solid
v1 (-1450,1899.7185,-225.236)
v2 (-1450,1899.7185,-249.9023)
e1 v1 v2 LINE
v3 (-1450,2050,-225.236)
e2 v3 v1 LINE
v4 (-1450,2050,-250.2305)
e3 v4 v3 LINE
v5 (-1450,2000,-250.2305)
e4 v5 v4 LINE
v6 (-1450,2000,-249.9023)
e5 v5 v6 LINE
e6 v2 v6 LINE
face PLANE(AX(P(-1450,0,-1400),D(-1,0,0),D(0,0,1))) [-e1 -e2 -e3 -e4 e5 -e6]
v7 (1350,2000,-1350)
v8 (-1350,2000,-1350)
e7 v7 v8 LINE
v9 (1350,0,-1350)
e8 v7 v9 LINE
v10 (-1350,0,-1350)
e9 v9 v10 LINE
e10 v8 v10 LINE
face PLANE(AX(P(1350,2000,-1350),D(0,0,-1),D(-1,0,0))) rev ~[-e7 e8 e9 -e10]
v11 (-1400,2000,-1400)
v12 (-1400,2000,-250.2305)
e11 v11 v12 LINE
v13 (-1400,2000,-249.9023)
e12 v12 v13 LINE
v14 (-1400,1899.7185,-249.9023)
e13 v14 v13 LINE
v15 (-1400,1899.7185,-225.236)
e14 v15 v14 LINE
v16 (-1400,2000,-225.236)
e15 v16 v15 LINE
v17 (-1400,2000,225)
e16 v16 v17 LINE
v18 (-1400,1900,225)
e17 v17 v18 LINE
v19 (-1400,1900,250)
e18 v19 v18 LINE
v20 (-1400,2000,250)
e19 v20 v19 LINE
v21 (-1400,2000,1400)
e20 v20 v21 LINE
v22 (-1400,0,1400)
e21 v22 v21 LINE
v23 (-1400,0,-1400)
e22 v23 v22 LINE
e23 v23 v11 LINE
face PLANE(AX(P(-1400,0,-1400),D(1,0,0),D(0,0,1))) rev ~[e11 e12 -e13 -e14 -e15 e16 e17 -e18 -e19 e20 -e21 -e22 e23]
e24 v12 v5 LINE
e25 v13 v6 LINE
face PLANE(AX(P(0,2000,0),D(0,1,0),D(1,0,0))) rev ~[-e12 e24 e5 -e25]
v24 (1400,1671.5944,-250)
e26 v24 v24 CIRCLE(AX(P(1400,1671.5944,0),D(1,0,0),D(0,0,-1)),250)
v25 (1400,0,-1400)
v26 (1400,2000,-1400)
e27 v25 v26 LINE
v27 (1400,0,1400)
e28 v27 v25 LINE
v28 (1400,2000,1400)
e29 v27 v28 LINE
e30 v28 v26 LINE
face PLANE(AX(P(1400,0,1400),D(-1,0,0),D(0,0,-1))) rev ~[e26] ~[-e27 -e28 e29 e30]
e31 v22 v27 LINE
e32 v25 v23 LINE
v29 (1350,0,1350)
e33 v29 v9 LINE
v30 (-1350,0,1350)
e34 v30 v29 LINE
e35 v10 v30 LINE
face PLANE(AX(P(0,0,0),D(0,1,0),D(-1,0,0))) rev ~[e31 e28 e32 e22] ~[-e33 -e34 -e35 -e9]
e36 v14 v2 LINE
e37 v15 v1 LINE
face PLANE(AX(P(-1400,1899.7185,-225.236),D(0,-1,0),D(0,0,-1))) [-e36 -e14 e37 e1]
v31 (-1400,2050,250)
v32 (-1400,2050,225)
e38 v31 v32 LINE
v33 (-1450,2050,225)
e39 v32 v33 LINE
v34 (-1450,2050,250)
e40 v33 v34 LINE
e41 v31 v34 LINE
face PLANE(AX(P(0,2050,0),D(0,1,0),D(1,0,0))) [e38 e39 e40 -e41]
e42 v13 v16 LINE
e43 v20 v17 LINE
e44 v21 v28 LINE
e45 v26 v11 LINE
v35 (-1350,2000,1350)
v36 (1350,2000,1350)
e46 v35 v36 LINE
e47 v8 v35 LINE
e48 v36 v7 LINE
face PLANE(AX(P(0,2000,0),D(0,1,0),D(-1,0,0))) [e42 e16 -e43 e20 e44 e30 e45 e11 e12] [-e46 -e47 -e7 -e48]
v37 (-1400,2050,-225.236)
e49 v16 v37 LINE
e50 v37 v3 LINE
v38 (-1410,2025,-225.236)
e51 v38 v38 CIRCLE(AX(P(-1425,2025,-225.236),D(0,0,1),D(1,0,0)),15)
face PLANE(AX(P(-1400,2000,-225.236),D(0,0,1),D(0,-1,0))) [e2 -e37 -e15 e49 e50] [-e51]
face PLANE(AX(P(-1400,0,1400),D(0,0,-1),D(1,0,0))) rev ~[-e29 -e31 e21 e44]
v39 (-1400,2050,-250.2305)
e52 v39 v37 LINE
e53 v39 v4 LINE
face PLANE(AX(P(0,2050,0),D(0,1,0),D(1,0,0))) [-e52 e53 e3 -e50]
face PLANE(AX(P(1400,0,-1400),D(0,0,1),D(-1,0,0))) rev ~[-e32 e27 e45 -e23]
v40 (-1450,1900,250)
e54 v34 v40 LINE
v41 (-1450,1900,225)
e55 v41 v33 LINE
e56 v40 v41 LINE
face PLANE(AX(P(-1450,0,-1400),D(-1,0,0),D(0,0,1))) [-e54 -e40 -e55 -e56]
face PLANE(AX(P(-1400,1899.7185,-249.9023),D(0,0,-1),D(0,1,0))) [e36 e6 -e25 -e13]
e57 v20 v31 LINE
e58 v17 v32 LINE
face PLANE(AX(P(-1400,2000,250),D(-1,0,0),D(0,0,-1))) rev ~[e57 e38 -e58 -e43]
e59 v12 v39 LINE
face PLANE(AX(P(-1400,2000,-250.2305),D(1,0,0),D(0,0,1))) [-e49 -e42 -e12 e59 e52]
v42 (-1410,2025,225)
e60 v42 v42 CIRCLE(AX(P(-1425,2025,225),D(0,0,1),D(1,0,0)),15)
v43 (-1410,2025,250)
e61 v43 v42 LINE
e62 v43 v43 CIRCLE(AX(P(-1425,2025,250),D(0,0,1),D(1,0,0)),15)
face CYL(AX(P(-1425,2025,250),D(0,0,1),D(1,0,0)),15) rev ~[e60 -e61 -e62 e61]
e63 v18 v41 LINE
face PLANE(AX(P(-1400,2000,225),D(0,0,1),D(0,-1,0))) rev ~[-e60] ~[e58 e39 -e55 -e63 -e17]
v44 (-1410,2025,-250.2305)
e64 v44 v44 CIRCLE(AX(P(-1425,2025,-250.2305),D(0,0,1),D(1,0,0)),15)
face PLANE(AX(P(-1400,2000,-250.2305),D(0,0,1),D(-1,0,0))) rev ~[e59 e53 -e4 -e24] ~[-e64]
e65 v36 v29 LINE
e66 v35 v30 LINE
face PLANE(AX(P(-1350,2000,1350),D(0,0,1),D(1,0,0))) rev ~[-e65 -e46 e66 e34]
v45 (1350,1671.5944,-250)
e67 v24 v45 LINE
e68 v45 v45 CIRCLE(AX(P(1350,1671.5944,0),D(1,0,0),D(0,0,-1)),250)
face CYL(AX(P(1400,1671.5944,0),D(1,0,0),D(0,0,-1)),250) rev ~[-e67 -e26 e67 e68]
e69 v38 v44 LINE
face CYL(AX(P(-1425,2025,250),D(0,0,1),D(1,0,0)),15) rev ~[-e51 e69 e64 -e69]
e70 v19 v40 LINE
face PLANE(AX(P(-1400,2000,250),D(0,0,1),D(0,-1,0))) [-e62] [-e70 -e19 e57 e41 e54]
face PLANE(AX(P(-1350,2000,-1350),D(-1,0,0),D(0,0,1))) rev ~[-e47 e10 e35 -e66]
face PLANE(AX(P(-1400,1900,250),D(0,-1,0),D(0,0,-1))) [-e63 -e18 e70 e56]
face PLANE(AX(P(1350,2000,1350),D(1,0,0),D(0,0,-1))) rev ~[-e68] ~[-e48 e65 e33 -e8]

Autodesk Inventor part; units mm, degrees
ref_plane "YZ Plane" through (0, 0, 0) normal (1, 0, 0) x (0, 1, 0)
ref_plane "XZ Plane" through (0, 0, 0) normal (0, 1, 0) x (-1, 0, 0)
ref_plane "XY Plane" through (0, 0, 0) normal (0, 0, 1) x (1, 0, 0)
sketch "Sketch1" plane through (0, 0, 0) normal (0, 1, 0) x (-1, 0, 0)
  line L0 (1400, 1400) -> (-1400, 1400)
  line L1 (-1400, 1400) -> (-1400, -1400)
  line L2 (-1400, -1400) -> (1400, -1400)
  line L3 (1400, -1400) -> (1400, 1400)
  point P0 (0, 0)
  dimension "d0" = 2800
  dimension "d1" = 2800
  dimension "d2" = 1400
  dimension "d3" = 1400
extrude "Extrusion1" add sketch "Sketch1" along normal blind 2000
sketch "Sketch2" plane through (1400, 0, 1400) normal (1, 0, 0) x (0, 0, -1)
  circle A0 centre (1400, 1671.5944) radius 250
  point P0 (1400, 0)
  dimension "d6" = 500
extrude "Extrusion2" cut sketch "Sketch2" against normal blind 2000
sketch "Sketch3" plane through (0, 2000, 0) normal (0, 1, 0) x (1, 0, 0)
  line L0 (-1350, -1350) -> (1350, -1350)
  line L1 (1350, -1350) -> (1350, 1350)
  line L2 (1350, 1350) -> (-1350, 1350)
  line L3 (-1350, 1350) -> (-1350, -1350)
  point P0 (0, 0)
  dimension "d9" = 2700
  dimension "d10" = 2700
  dimension "d11" = 1350
  dimension "d12" = 1350
extrude "Extrusion3" cut sketch "Sketch3" against normal blind 2000
sketch "Sketch7" plane through (-1400, 0, -1400) normal (-1, 0, 0) x (0, 0, 1)
  line L0 (2800, 2000) -> (0, 2000) projected
  line L1 (1650, 1900) -> (1150, 1900)
  line L2 (1150, 1900) -> (1150, 2000)
  line L3 (1150, 2000) -> (1650, 2000)
  line L4 (1650, 2000) -> (1650, 1900)
  line L5 (2800, 0) -> (2800, 2000) projected
  line L6 (2750, 2000) -> (50, 2000) projected
  line L7 (1625, 1900) -> (1175, 1900)
  line L8 (1175, 1900) -> (1175, 2000)
  line L9 (1175, 2000) -> (1625, 2000)
  line L10 (1625, 2000) -> (1625, 1900)
  point P0 (1400, 0)
  dimension "d22" = 500
  dimension "d23" = 1150
  dimension "d24" = 100
  dimension "d25" = 450
  dimension "d26" = 25
sketch "Sketch8" plane through (-1400, 0, -1400) normal (-1, 0, 0) x (0, 0, 1)
  line L0 (2800, 2000) -> (0, 2000) projected
  line L1 (1174.764, 1899.7185) -> (1150.0977, 1899.7185)
  line L2 (1150.0977, 1899.7185) -> (1150.0977, 2000)
  line L3 (1150.0977, 2000) -> (1174.764, 2000)
  line L4 (1174.764, 2000) -> (1174.764, 1899.7185)
  point P0 (1400, 0)
extrude "Extrusion7" add sketch "Sketch7" along normal blind 50 contours L4 L1 L10 L0
extrude "Extrusion8" add sketch "Sketch8" along normal blind 50
sketch "Sketch10" plane through (0, 2000, 0) normal (0, 1, 0) x (1, 0, 0)
  line L0 (-1400, -250) -> (-1450, -250) projected
  line L1 (-1400, -225) -> (-1450, -225) projected
  line L2 (-1450, -250) -> (-1400, -250)
  line L3 (-1400, -250) -> (-1400, -225)
  line L4 (-1400, -225) -> (-1450, -225)
  line L5 (-1450, -225) -> (-1450, -250)
  line L6 (-1400, 225.236) -> (-1450, 225.236) projected
  line L7 (-1400, 1400) -> (-1400, -1400) projected
  line L8 (-1450, 225.236) -> (-1400, 225.236)
  line L9 (-1400, 225.236) -> (-1400, 250.2305)
  line L10 (-1400, 250.2305) -> (-1450, 250.2305)
  line L11 (-1450, 250.2305) -> (-1450, 225.236)
  point P0 (0, 0)
extrude "Extrusion9" add sketch "Sketch10" along normal blind 50
sketch "Sketch11" plane through (-1450, 1900, 250) normal (0, 0, 1) x (1, 0, 0)
  circle A0 centre (25, 125) radius 15
  line L0 (50, 100) -> (50, 150) projected
  point P0 (1450, -1900)
  dimension "d33" = 30
  dimension "d34" = 10
extrude "Extrusion10" cut sketch "Sketch11" against normal blind 700
properties part number "cube bucket new"
